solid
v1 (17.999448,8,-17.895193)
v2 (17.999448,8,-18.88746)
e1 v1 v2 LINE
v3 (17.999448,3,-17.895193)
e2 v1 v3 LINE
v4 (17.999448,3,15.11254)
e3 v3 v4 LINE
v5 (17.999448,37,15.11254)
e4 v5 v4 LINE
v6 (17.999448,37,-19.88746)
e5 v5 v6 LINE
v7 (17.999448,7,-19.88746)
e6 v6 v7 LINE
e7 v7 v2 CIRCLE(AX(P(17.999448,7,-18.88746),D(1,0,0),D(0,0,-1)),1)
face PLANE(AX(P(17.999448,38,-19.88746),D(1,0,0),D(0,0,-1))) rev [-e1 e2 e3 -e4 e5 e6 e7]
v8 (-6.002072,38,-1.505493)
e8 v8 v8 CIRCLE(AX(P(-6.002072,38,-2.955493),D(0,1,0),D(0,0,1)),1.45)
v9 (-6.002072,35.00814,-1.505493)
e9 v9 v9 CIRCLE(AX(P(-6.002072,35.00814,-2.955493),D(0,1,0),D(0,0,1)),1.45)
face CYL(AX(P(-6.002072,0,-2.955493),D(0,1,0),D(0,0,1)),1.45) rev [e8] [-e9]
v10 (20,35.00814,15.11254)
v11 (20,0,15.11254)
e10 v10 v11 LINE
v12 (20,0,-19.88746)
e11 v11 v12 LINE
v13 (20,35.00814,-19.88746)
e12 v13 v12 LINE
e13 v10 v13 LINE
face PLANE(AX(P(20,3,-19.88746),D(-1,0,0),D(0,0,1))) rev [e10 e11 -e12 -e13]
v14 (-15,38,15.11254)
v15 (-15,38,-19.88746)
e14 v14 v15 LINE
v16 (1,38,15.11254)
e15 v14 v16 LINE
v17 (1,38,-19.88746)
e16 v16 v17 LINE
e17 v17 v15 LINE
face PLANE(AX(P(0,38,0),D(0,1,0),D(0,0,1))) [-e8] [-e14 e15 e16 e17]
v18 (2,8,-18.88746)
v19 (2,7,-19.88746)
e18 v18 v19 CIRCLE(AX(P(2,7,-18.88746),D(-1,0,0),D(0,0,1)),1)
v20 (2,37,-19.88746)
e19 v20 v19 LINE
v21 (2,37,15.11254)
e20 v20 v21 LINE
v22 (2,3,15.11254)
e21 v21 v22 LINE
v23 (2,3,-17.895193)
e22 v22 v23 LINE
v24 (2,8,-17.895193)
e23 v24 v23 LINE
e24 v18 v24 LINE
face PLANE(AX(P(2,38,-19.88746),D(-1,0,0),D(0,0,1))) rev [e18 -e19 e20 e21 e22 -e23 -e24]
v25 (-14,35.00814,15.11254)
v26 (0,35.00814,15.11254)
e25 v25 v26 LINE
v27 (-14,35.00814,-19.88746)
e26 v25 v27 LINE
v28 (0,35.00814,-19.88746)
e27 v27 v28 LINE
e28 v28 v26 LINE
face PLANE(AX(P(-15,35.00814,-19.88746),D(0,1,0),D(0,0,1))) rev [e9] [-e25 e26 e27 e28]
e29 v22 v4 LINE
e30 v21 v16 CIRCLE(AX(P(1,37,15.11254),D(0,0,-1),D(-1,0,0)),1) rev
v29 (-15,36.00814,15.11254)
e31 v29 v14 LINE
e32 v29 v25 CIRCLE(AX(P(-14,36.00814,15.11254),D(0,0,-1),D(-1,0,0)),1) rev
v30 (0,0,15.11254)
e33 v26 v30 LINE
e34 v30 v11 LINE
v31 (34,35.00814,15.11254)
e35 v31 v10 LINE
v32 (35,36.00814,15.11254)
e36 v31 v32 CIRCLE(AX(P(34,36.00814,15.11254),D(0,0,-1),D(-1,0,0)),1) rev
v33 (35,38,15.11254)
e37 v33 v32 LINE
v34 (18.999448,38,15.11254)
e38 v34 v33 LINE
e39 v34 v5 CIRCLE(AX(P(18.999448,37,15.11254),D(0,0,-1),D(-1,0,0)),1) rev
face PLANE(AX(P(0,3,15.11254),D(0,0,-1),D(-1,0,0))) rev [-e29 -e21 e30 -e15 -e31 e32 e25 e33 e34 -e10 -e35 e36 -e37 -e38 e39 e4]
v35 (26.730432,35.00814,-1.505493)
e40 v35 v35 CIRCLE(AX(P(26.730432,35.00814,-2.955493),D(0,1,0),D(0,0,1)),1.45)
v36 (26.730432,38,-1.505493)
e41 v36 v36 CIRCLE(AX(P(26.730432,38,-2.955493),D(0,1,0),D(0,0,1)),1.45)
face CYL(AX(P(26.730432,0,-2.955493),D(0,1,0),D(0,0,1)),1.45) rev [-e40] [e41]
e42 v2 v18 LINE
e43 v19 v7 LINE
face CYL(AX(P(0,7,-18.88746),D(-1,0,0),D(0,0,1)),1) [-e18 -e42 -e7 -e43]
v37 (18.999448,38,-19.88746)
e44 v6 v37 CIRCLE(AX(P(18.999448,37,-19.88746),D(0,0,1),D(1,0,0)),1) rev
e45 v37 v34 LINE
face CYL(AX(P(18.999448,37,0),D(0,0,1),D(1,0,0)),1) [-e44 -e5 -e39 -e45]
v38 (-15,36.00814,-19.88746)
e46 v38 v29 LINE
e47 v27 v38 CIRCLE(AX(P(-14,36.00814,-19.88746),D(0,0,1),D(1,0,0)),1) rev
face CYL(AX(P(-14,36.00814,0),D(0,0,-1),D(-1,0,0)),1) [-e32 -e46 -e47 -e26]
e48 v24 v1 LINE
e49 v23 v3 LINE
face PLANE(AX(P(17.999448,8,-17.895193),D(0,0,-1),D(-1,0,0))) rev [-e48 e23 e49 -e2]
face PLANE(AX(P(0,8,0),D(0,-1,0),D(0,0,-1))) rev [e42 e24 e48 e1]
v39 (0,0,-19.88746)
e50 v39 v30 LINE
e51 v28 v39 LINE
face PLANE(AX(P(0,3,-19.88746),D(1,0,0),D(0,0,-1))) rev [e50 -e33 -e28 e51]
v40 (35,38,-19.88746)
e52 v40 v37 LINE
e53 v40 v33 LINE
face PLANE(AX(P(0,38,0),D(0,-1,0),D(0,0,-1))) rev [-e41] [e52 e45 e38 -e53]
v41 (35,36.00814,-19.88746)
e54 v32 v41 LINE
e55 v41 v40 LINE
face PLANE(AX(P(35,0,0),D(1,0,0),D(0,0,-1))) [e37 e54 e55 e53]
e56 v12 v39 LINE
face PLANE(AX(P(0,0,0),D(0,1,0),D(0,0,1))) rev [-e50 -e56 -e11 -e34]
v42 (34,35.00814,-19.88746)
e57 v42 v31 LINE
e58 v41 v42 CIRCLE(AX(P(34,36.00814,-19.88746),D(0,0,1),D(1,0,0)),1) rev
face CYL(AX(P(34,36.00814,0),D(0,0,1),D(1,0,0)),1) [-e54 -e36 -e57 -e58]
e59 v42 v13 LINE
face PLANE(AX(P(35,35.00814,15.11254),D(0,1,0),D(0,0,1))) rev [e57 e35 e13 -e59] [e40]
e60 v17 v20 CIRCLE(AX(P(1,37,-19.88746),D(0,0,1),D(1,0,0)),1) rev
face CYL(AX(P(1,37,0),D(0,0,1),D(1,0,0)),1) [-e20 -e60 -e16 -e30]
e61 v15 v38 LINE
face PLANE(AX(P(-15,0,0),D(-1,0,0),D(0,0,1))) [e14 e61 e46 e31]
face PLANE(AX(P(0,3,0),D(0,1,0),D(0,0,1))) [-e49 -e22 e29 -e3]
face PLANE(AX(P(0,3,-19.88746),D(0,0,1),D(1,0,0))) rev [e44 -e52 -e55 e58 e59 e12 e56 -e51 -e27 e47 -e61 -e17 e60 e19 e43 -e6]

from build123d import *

# Parameters (mm, degrees)
SKETCH2_W           = 20
SKETCH2_H           = 35
BOSS_EXTRUDE1_DEPTH = 3
SKETCH3_W           = 2
SKETCH3_H           = 35
SKETCH3_W_2         = 2.000552232
BOSS_EXTRUDE2_DEPTH = 35
SKETCH4_W           = 35
SKETCH4_H           = 2.991859995
BOSS_EXTRUDE3_DEPTH = 15
SKETCH5_W           = 35
SKETCH5_H           = 2.991859995
BOSS_EXTRUDE4_DEPTH = 15
SKETCH6_W           = 15.999447768
SKETCH6_H           = 1.992266861
BOSS_EXTRUDE5_DEPTH = 5
SKETCH8_R           = 1.45
CUT_EXTRUDE1_DEPTH  = 56.358026135
FILLET1_R           = 1
FILLET3_R           = 1


with BuildPart() as part:
    # Sketch2 → Boss-Extrude1 (new body)
    with BuildSketch(Plane(origin=(0, 0, 0), x_dir=(1, 0, 0), z_dir=(0, 1, 0))):
        with Locations((10, 2.387459807)):
            Rectangle(SKETCH2_W, SKETCH2_H)
    extrude(amount=BOSS_EXTRUDE1_DEPTH)

    # Sketch3 → Boss-Extrude2 (add)
    with BuildSketch(Plane(origin=(0, 3, 0), x_dir=(1, 0, 0), z_dir=(0, 1, 0))):
        with Locations((1, 2.387459807)):
            Rectangle(SKETCH3_W, SKETCH3_H)
        with Locations((18.999723884, 2.387459807)):
            Rectangle(SKETCH3_W_2, SKETCH3_H)
    extrude(amount=BOSS_EXTRUDE2_DEPTH)

    # Sketch4 → Boss-Extrude3 (add)
    with BuildSketch(Plane(origin=(20, 0, 0), x_dir=(0, 0, -1), z_dir=(1, 0, 0))):
        with Locations((2.387459807, 36.504070003)):
            Rectangle(SKETCH4_W, SKETCH4_H)
    extrude(amount=BOSS_EXTRUDE3_DEPTH)

    # Sketch5 → Boss-Extrude4 (add)
    with BuildSketch(Plane.ZY):
        with Locations((-2.387459807, 36.504070003)):
            Rectangle(SKETCH5_W, SKETCH5_H)
    extrude(amount=BOSS_EXTRUDE4_DEPTH)

    # Sketch6 → Boss-Extrude5 (add)
    with BuildSketch(Plane(origin=(0, 3, 0), x_dir=(1, 0, 0), z_dir=(0, 1, 0))):
        with Locations((9.999723884, 18.891326377)):
            Rectangle(SKETCH6_W, SKETCH6_H)
    extrude(amount=BOSS_EXTRUDE5_DEPTH)

    # Sketch8 → Cut-Extrude1 (cut, through all)
    with BuildSketch(Plane(origin=(0, 38, 0), x_dir=(1, 0, 0), z_dir=(0, 1, 0))):
        with Locations(Location((-6.002072166, 2.955493098, 0), (0, 0, 270))):
            Circle(SKETCH8_R)
        with Locations(Location((26.730432143, 2.955493098, 0), (0, 0, 270))):
            Circle(SKETCH8_R)
    extrude(amount=-CUT_EXTRUDE1_DEPTH, mode=Mode.SUBTRACT)

    # Fillet1
    fillet1_edges = [part.edges().sort_by_distance(p)[0] for p in [
        (2, 38, -2.387459807),
        (17.999447768, 38, -2.387459807),
        (35, 35.008140005, -2.387459807),
        (-15, 35.008140005, -2.387459807),
    ]]
    fillet(fillet1_edges, radius=FILLET1_R)

    # Fillet3
    fillet3_edges = [part.edges().sort_by_distance(p)[0] for p in [
        (9.999723884, 8, -19.887459807),
    ]]
    fillet(fillet3_edges, radius=FILLET3_R)


solid = part.part
